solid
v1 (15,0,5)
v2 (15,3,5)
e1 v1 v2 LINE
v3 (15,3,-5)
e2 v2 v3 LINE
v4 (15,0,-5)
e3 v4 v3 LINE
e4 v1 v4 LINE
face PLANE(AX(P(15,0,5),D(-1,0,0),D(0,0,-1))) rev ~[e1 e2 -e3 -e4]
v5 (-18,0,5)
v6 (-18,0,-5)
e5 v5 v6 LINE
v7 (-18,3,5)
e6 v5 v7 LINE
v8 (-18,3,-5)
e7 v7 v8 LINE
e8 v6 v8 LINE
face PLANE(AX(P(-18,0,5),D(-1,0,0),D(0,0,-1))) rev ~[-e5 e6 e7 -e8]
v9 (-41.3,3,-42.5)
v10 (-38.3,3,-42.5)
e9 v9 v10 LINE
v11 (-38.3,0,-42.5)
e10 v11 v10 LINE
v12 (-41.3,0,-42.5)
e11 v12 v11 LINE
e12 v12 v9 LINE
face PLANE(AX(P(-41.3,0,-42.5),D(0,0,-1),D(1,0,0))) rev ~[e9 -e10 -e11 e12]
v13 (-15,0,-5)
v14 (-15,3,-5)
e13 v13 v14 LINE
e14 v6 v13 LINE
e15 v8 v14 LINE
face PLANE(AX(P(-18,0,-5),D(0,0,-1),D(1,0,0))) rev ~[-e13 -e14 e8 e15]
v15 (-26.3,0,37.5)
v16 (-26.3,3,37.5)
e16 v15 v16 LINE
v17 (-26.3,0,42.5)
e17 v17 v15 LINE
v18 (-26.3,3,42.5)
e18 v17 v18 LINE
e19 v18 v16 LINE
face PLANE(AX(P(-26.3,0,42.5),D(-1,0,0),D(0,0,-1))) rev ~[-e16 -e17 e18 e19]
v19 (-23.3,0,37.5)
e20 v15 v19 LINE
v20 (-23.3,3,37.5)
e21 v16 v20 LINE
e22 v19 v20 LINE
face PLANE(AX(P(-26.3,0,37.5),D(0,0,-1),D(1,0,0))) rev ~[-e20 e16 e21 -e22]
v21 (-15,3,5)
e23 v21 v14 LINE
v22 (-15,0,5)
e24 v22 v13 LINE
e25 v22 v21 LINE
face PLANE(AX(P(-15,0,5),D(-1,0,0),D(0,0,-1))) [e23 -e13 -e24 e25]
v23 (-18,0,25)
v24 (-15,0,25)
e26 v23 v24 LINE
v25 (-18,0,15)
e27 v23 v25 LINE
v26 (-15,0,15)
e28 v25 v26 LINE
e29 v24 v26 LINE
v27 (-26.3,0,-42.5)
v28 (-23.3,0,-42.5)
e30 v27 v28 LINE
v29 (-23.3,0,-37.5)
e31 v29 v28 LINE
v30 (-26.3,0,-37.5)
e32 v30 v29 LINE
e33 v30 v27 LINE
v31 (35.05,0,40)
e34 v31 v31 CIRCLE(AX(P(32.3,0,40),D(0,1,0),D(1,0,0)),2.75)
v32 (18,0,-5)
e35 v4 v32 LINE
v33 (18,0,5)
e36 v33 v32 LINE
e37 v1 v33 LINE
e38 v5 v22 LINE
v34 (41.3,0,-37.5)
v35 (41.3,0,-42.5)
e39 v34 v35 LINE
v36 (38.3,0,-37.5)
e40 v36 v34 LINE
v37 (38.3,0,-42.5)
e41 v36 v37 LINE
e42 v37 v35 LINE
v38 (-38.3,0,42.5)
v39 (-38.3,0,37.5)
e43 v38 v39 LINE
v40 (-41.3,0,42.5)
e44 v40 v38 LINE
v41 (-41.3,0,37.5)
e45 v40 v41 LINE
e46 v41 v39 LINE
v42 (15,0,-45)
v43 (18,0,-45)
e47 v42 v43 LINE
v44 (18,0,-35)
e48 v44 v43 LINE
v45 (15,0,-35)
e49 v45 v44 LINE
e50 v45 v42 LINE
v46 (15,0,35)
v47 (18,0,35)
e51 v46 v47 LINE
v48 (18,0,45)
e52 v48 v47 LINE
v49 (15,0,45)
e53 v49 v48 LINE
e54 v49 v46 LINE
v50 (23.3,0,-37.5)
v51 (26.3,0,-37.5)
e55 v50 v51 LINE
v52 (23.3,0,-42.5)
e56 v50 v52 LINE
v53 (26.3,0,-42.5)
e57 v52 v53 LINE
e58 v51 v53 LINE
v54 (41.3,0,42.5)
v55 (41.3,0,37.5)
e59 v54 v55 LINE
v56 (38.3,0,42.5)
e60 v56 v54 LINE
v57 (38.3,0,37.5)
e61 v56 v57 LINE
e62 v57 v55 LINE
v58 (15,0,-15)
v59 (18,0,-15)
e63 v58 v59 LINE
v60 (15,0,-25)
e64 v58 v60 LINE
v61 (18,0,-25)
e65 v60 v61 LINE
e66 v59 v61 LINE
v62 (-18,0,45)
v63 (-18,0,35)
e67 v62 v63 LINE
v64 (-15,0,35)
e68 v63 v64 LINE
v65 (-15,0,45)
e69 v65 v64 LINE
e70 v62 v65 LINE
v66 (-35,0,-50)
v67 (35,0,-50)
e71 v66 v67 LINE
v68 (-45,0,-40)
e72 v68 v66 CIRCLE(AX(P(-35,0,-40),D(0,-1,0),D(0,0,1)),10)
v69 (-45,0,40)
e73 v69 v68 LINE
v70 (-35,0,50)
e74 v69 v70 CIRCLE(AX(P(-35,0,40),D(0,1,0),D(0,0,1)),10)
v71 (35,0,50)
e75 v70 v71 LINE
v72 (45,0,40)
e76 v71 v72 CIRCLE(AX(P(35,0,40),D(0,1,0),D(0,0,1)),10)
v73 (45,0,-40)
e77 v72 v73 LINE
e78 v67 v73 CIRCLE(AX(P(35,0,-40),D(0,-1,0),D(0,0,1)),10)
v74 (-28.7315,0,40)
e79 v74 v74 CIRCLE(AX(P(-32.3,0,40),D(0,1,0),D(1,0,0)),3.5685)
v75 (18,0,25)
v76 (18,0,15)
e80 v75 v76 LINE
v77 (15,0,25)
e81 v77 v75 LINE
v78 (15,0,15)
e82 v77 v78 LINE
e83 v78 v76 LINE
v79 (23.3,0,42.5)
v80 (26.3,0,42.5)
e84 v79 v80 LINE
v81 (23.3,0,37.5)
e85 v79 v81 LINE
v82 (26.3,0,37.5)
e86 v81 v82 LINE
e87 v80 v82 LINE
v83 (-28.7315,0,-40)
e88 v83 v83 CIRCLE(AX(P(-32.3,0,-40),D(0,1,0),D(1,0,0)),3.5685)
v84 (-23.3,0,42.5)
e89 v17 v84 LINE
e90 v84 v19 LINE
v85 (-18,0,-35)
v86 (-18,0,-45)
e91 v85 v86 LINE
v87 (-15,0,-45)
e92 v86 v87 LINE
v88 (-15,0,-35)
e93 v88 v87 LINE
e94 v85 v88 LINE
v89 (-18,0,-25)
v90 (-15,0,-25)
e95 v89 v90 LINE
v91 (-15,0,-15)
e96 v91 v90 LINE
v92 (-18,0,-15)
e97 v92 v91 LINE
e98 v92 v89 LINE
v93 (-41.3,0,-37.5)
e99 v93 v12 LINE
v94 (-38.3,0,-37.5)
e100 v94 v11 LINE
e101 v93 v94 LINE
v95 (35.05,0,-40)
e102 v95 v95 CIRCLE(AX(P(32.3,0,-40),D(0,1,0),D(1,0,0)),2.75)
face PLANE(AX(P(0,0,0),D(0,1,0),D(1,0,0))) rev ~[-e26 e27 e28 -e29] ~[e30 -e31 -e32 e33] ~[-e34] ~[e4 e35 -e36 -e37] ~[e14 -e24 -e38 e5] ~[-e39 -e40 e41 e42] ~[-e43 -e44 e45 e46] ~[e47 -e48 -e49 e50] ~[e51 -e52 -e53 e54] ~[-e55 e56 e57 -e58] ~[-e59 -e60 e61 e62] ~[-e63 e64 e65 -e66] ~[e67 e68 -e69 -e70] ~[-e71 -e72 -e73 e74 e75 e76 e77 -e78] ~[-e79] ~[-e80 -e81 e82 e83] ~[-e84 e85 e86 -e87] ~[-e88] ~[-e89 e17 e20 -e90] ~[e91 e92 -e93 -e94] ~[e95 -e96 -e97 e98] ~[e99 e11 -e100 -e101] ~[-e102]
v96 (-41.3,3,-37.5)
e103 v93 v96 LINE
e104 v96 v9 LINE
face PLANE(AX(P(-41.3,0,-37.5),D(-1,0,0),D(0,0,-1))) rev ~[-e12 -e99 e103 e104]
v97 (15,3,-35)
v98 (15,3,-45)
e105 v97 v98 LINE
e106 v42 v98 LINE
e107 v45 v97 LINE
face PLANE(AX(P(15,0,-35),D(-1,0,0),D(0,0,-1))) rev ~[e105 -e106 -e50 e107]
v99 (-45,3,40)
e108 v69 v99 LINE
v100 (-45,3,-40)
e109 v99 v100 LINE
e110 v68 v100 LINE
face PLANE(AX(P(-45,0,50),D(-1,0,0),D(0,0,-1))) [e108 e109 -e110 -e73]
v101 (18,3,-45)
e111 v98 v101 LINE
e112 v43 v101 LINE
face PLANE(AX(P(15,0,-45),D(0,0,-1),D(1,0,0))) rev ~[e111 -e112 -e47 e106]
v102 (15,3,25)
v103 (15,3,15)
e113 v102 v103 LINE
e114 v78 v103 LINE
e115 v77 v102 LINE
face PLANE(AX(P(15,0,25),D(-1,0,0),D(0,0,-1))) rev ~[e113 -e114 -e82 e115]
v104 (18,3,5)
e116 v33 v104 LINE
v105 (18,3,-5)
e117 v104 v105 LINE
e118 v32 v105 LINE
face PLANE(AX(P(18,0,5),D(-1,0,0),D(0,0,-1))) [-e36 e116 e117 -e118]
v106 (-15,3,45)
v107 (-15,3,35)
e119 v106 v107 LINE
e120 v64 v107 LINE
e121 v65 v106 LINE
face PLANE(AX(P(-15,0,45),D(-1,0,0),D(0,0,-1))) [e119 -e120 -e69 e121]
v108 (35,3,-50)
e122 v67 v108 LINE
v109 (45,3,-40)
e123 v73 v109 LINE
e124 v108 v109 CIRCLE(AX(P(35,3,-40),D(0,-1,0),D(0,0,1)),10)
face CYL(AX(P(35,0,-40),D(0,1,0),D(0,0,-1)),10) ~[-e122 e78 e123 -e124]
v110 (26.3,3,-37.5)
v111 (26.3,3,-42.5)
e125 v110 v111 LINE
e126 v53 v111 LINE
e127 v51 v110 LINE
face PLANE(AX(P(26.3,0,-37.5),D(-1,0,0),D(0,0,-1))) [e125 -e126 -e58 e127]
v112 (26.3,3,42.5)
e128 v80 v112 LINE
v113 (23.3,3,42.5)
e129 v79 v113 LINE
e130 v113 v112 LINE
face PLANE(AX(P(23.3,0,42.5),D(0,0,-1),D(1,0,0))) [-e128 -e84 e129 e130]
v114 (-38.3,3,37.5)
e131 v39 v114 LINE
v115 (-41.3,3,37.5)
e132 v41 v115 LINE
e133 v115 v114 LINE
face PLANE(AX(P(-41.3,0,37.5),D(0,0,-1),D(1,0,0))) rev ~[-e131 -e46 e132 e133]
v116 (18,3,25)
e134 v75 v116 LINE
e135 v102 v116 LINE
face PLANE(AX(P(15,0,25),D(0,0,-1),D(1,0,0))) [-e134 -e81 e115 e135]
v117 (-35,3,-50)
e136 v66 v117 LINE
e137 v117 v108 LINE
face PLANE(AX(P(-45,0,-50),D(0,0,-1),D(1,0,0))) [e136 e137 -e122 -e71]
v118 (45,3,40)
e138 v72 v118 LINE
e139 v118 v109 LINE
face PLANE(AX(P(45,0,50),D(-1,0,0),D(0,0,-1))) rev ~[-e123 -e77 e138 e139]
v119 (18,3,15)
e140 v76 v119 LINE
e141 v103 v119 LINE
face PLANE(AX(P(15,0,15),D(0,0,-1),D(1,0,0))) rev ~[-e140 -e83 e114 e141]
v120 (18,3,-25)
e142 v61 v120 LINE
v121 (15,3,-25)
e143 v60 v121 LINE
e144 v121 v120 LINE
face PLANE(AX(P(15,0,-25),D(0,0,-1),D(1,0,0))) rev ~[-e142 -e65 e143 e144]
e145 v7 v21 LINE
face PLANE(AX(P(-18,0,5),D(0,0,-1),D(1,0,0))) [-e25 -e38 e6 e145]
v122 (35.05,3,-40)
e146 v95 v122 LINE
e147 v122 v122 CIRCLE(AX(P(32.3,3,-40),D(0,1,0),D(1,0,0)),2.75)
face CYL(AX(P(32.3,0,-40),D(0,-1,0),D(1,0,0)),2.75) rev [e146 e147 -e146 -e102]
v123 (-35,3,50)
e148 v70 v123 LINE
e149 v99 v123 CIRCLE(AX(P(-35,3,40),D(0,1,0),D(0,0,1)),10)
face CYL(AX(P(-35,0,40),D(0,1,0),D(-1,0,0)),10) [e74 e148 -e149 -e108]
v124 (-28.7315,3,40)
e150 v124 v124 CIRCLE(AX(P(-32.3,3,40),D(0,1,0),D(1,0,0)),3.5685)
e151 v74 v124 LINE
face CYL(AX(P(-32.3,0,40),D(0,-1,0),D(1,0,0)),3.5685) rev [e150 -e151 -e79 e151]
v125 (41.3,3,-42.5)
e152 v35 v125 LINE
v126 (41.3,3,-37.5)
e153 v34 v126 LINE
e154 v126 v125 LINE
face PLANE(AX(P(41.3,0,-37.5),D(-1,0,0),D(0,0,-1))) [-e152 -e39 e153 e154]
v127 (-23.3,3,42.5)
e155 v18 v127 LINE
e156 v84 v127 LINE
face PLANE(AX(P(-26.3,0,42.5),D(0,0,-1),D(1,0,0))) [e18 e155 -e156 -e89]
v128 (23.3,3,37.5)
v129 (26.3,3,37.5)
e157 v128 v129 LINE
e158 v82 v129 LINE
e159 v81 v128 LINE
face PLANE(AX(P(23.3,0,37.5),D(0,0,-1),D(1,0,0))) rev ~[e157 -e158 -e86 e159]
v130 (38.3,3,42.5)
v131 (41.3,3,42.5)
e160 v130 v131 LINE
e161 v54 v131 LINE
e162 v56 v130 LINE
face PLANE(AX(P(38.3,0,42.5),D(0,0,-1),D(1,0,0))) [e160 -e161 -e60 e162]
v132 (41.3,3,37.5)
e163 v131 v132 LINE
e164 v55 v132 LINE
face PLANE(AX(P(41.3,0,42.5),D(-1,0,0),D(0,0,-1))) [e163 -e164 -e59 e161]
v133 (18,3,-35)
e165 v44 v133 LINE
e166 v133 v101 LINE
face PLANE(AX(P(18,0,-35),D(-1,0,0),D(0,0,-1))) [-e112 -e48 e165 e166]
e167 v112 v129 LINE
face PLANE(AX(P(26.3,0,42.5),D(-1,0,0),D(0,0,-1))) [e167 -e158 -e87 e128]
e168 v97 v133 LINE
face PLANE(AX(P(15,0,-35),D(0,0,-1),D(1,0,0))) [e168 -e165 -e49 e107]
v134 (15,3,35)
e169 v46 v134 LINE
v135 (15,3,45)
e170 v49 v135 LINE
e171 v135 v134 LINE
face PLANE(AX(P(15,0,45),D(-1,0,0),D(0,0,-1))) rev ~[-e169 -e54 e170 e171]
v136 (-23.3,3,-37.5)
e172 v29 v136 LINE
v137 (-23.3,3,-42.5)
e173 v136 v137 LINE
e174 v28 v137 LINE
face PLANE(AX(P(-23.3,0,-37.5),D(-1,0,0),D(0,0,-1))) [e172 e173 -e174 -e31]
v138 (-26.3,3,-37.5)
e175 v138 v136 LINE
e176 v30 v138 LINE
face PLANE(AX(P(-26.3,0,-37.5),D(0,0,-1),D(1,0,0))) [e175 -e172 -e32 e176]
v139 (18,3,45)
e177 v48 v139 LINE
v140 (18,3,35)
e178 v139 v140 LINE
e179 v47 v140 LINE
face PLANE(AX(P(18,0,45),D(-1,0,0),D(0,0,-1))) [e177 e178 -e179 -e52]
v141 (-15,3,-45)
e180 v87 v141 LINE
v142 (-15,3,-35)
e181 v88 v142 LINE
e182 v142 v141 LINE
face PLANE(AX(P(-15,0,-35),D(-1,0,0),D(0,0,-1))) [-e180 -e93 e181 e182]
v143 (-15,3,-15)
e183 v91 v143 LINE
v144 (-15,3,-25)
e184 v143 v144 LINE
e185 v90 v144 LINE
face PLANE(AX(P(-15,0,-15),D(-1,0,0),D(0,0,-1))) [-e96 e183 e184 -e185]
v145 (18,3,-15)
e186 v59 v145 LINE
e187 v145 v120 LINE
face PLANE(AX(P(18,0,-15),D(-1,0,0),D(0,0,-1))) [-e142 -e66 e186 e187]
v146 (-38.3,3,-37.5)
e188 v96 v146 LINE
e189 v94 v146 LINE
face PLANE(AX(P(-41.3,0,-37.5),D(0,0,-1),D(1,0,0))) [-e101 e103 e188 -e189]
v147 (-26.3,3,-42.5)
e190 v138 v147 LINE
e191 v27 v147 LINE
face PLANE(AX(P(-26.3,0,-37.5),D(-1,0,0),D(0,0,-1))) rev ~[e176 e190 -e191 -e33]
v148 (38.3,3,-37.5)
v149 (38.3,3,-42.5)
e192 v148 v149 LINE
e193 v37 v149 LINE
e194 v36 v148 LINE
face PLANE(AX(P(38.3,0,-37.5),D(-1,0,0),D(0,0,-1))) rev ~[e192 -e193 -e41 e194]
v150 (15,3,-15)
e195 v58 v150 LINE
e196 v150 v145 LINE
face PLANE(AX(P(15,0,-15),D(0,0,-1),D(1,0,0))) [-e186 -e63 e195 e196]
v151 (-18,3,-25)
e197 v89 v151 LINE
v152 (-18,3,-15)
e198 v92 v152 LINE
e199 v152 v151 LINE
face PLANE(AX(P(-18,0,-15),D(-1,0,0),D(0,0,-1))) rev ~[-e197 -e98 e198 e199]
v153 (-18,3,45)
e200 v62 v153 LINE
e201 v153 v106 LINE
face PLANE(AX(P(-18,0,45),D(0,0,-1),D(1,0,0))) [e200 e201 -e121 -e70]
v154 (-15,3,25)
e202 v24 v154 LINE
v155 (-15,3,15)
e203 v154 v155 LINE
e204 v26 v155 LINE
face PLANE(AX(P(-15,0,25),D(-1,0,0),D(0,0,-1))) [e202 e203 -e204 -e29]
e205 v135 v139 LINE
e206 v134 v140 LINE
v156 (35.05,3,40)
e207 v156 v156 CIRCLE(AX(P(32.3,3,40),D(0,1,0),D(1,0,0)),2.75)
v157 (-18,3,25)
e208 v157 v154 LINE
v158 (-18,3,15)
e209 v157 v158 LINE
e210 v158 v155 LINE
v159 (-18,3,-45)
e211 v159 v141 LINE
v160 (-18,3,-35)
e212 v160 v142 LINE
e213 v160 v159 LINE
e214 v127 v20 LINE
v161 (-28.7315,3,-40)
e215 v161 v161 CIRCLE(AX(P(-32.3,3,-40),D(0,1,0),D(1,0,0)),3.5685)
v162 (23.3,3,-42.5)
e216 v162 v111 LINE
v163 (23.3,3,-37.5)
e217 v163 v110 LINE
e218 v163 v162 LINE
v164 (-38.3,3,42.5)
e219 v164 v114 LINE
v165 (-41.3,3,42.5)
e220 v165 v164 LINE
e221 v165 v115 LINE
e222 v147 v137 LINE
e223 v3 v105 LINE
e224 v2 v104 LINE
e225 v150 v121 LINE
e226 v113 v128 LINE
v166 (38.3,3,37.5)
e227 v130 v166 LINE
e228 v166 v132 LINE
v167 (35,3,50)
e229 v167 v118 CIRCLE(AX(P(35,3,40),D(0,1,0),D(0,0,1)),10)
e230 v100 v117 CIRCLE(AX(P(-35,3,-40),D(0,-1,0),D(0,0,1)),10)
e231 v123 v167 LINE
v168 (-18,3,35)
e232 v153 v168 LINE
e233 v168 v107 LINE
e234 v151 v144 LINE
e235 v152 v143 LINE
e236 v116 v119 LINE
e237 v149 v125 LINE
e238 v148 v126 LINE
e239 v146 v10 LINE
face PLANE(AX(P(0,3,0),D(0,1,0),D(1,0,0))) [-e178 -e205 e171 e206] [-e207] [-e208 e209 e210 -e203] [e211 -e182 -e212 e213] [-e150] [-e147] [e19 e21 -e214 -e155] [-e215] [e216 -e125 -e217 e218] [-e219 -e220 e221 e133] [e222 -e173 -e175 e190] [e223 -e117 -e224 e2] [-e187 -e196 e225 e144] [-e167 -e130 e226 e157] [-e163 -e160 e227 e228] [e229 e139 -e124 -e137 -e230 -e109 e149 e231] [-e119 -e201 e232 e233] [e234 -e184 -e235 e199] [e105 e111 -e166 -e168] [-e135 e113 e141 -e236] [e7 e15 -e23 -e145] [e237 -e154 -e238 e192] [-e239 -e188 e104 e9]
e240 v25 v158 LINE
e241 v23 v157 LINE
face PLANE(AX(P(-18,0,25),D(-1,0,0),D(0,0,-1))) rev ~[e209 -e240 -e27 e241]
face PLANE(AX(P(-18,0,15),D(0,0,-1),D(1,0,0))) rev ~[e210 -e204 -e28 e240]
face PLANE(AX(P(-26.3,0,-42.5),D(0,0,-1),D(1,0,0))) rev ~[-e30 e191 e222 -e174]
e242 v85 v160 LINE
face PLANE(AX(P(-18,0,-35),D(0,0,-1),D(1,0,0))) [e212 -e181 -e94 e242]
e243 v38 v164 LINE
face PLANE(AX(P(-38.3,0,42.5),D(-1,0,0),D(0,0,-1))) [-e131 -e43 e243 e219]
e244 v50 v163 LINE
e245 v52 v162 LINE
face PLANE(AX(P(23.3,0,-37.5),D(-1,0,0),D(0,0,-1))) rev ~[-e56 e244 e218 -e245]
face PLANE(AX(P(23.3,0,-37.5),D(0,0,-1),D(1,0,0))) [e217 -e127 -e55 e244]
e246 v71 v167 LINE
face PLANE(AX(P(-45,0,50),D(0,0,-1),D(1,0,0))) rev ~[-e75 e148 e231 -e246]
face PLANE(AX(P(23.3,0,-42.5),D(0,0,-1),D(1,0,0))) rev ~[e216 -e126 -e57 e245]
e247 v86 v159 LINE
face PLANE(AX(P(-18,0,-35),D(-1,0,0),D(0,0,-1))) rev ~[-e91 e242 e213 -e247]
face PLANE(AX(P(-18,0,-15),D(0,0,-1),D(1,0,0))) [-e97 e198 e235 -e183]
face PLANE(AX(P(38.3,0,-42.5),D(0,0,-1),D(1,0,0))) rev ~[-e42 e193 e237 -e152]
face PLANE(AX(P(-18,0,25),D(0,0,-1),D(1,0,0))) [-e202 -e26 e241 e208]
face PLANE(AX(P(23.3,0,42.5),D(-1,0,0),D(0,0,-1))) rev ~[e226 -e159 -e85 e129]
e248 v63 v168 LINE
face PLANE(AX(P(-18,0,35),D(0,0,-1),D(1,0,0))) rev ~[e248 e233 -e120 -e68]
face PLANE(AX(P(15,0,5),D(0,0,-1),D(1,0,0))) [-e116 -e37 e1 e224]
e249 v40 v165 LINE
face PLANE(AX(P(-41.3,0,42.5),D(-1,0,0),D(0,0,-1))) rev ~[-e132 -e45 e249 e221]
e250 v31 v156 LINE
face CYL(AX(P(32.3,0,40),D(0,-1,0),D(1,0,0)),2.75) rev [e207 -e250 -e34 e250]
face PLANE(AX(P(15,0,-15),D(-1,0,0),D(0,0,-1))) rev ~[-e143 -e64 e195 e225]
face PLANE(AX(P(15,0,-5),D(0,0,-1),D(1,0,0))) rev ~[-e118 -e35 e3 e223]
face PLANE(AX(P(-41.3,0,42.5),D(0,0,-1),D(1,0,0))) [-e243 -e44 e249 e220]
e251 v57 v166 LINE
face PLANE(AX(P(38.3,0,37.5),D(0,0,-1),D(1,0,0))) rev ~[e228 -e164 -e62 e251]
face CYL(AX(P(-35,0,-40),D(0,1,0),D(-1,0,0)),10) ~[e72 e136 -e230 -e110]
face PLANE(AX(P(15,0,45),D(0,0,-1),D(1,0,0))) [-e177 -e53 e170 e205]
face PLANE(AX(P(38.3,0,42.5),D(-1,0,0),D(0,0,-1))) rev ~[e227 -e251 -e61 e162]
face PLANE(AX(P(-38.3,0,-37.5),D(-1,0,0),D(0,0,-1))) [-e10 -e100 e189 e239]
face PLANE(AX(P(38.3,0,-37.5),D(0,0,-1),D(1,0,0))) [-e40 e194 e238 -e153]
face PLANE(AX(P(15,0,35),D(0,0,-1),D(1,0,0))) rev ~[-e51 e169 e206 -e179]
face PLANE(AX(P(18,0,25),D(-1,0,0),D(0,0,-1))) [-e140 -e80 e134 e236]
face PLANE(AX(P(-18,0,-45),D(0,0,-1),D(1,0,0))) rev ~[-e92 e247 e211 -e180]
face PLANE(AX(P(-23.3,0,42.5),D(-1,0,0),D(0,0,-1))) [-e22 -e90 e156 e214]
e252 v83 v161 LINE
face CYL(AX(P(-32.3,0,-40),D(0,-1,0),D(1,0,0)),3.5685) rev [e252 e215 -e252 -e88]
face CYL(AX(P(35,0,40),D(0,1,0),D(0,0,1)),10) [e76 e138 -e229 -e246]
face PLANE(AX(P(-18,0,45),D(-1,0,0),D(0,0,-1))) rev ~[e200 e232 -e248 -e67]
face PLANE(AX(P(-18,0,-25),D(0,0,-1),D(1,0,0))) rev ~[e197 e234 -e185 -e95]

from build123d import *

# Parameters (mm, degrees)
SKETCH2_W           = 90
SKETCH2_H           = 100
SKETCH2_R           = 3.5685
SKETCH2_R_2         = 2.75
SKETCH2_W_2         = 3
SKETCH2_H_2         = 5
SKETCH2_H_3         = 10
BOSS_EXTRUDE1_DEPTH = 3
FILLET1_R           = 10


with BuildPart() as part:
    # Sketch2 → Boss-Extrude1 (new body)
    with BuildSketch(Plane(origin=(0, 0, 0), x_dir=(1, 0, 0), z_dir=(0, 1, 0))):
        Rectangle(SKETCH2_W, SKETCH2_H)
        with Locations((-32.3, 40)):
            Circle(SKETCH2_R, mode=Mode.SUBTRACT)
        with Locations((-32.3, -40)):
            Circle(SKETCH2_R, mode=Mode.SUBTRACT)
        with Locations((32.3, 40)):
            Circle(SKETCH2_R_2, mode=Mode.SUBTRACT)
        with Locations((32.3, -40)):
            Circle(SKETCH2_R_2, mode=Mode.SUBTRACT)
        with Locations((39.8, 40)):
            Rectangle(SKETCH2_W_2, SKETCH2_H_2, mode=Mode.SUBTRACT)
        with Locations((-16.5, 20)):
            Rectangle(SKETCH2_W_2, SKETCH2_H_3, mode=Mode.SUBTRACT)
        with Locations((-16.5, 0)):
            Rectangle(SKETCH2_W_2, SKETCH2_H_3, mode=Mode.SUBTRACT)
        with Locations((-16.5, 40)):
            Rectangle(SKETCH2_W_2, SKETCH2_H_3, mode=Mode.SUBTRACT)
        with Locations((-16.5, -20)):
            Rectangle(SKETCH2_W_2, SKETCH2_H_3, mode=Mode.SUBTRACT)
        with Locations((-16.5, -40)):
            Rectangle(SKETCH2_W_2, SKETCH2_H_3, mode=Mode.SUBTRACT)
        with Locations((16.5, -40)):
            Rectangle(SKETCH2_W_2, SKETCH2_H_3, mode=Mode.SUBTRACT)
        with Locations((16.5, -20)):
            Rectangle(SKETCH2_W_2, SKETCH2_H_3, mode=Mode.SUBTRACT)
        with Locations((16.5, 40)):
            Rectangle(SKETCH2_W_2, SKETCH2_H_3, mode=Mode.SUBTRACT)
        with Locations((16.5, 20)):
            Rectangle(SKETCH2_W_2, SKETCH2_H_3, mode=Mode.SUBTRACT)
        with Locations((16.5, 0)):
            Rectangle(SKETCH2_W_2, SKETCH2_H_3, mode=Mode.SUBTRACT)
        with Locations((-39.8, 40)):
            Rectangle(SKETCH2_W_2, SKETCH2_H_2, mode=Mode.SUBTRACT)
        with Locations((39.8, -40)):
            Rectangle(SKETCH2_W_2, SKETCH2_H_2, mode=Mode.SUBTRACT)
        with Locations((-39.8, -40)):
            Rectangle(SKETCH2_W_2, SKETCH2_H_2, mode=Mode.SUBTRACT)
        with Locations((-24.8, -40)):
            Rectangle(SKETCH2_W_2, SKETCH2_H_2, mode=Mode.SUBTRACT)
        with Locations((-24.8, 40)):
            Rectangle(SKETCH2_W_2, SKETCH2_H_2, mode=Mode.SUBTRACT)
        with Locations((24.8, 40)):
            Rectangle(SKETCH2_W_2, SKETCH2_H_2, mode=Mode.SUBTRACT)
        with Locations((24.8, -40)):
            Rectangle(SKETCH2_W_2, SKETCH2_H_2, mode=Mode.SUBTRACT)
    extrude(amount=BOSS_EXTRUDE1_DEPTH)

    # Fillet1
    fillet1_edges = [part.edges().sort_by_distance(p)[0] for p in [
        (-45, 1.5, -50),
        (45, 1.5, -50),
        (45, 1.5, 50),
        (-45, 1.5, 50),
    ]]
    fillet(fillet1_edges, radius=FILLET1_R)


solid = part.part
